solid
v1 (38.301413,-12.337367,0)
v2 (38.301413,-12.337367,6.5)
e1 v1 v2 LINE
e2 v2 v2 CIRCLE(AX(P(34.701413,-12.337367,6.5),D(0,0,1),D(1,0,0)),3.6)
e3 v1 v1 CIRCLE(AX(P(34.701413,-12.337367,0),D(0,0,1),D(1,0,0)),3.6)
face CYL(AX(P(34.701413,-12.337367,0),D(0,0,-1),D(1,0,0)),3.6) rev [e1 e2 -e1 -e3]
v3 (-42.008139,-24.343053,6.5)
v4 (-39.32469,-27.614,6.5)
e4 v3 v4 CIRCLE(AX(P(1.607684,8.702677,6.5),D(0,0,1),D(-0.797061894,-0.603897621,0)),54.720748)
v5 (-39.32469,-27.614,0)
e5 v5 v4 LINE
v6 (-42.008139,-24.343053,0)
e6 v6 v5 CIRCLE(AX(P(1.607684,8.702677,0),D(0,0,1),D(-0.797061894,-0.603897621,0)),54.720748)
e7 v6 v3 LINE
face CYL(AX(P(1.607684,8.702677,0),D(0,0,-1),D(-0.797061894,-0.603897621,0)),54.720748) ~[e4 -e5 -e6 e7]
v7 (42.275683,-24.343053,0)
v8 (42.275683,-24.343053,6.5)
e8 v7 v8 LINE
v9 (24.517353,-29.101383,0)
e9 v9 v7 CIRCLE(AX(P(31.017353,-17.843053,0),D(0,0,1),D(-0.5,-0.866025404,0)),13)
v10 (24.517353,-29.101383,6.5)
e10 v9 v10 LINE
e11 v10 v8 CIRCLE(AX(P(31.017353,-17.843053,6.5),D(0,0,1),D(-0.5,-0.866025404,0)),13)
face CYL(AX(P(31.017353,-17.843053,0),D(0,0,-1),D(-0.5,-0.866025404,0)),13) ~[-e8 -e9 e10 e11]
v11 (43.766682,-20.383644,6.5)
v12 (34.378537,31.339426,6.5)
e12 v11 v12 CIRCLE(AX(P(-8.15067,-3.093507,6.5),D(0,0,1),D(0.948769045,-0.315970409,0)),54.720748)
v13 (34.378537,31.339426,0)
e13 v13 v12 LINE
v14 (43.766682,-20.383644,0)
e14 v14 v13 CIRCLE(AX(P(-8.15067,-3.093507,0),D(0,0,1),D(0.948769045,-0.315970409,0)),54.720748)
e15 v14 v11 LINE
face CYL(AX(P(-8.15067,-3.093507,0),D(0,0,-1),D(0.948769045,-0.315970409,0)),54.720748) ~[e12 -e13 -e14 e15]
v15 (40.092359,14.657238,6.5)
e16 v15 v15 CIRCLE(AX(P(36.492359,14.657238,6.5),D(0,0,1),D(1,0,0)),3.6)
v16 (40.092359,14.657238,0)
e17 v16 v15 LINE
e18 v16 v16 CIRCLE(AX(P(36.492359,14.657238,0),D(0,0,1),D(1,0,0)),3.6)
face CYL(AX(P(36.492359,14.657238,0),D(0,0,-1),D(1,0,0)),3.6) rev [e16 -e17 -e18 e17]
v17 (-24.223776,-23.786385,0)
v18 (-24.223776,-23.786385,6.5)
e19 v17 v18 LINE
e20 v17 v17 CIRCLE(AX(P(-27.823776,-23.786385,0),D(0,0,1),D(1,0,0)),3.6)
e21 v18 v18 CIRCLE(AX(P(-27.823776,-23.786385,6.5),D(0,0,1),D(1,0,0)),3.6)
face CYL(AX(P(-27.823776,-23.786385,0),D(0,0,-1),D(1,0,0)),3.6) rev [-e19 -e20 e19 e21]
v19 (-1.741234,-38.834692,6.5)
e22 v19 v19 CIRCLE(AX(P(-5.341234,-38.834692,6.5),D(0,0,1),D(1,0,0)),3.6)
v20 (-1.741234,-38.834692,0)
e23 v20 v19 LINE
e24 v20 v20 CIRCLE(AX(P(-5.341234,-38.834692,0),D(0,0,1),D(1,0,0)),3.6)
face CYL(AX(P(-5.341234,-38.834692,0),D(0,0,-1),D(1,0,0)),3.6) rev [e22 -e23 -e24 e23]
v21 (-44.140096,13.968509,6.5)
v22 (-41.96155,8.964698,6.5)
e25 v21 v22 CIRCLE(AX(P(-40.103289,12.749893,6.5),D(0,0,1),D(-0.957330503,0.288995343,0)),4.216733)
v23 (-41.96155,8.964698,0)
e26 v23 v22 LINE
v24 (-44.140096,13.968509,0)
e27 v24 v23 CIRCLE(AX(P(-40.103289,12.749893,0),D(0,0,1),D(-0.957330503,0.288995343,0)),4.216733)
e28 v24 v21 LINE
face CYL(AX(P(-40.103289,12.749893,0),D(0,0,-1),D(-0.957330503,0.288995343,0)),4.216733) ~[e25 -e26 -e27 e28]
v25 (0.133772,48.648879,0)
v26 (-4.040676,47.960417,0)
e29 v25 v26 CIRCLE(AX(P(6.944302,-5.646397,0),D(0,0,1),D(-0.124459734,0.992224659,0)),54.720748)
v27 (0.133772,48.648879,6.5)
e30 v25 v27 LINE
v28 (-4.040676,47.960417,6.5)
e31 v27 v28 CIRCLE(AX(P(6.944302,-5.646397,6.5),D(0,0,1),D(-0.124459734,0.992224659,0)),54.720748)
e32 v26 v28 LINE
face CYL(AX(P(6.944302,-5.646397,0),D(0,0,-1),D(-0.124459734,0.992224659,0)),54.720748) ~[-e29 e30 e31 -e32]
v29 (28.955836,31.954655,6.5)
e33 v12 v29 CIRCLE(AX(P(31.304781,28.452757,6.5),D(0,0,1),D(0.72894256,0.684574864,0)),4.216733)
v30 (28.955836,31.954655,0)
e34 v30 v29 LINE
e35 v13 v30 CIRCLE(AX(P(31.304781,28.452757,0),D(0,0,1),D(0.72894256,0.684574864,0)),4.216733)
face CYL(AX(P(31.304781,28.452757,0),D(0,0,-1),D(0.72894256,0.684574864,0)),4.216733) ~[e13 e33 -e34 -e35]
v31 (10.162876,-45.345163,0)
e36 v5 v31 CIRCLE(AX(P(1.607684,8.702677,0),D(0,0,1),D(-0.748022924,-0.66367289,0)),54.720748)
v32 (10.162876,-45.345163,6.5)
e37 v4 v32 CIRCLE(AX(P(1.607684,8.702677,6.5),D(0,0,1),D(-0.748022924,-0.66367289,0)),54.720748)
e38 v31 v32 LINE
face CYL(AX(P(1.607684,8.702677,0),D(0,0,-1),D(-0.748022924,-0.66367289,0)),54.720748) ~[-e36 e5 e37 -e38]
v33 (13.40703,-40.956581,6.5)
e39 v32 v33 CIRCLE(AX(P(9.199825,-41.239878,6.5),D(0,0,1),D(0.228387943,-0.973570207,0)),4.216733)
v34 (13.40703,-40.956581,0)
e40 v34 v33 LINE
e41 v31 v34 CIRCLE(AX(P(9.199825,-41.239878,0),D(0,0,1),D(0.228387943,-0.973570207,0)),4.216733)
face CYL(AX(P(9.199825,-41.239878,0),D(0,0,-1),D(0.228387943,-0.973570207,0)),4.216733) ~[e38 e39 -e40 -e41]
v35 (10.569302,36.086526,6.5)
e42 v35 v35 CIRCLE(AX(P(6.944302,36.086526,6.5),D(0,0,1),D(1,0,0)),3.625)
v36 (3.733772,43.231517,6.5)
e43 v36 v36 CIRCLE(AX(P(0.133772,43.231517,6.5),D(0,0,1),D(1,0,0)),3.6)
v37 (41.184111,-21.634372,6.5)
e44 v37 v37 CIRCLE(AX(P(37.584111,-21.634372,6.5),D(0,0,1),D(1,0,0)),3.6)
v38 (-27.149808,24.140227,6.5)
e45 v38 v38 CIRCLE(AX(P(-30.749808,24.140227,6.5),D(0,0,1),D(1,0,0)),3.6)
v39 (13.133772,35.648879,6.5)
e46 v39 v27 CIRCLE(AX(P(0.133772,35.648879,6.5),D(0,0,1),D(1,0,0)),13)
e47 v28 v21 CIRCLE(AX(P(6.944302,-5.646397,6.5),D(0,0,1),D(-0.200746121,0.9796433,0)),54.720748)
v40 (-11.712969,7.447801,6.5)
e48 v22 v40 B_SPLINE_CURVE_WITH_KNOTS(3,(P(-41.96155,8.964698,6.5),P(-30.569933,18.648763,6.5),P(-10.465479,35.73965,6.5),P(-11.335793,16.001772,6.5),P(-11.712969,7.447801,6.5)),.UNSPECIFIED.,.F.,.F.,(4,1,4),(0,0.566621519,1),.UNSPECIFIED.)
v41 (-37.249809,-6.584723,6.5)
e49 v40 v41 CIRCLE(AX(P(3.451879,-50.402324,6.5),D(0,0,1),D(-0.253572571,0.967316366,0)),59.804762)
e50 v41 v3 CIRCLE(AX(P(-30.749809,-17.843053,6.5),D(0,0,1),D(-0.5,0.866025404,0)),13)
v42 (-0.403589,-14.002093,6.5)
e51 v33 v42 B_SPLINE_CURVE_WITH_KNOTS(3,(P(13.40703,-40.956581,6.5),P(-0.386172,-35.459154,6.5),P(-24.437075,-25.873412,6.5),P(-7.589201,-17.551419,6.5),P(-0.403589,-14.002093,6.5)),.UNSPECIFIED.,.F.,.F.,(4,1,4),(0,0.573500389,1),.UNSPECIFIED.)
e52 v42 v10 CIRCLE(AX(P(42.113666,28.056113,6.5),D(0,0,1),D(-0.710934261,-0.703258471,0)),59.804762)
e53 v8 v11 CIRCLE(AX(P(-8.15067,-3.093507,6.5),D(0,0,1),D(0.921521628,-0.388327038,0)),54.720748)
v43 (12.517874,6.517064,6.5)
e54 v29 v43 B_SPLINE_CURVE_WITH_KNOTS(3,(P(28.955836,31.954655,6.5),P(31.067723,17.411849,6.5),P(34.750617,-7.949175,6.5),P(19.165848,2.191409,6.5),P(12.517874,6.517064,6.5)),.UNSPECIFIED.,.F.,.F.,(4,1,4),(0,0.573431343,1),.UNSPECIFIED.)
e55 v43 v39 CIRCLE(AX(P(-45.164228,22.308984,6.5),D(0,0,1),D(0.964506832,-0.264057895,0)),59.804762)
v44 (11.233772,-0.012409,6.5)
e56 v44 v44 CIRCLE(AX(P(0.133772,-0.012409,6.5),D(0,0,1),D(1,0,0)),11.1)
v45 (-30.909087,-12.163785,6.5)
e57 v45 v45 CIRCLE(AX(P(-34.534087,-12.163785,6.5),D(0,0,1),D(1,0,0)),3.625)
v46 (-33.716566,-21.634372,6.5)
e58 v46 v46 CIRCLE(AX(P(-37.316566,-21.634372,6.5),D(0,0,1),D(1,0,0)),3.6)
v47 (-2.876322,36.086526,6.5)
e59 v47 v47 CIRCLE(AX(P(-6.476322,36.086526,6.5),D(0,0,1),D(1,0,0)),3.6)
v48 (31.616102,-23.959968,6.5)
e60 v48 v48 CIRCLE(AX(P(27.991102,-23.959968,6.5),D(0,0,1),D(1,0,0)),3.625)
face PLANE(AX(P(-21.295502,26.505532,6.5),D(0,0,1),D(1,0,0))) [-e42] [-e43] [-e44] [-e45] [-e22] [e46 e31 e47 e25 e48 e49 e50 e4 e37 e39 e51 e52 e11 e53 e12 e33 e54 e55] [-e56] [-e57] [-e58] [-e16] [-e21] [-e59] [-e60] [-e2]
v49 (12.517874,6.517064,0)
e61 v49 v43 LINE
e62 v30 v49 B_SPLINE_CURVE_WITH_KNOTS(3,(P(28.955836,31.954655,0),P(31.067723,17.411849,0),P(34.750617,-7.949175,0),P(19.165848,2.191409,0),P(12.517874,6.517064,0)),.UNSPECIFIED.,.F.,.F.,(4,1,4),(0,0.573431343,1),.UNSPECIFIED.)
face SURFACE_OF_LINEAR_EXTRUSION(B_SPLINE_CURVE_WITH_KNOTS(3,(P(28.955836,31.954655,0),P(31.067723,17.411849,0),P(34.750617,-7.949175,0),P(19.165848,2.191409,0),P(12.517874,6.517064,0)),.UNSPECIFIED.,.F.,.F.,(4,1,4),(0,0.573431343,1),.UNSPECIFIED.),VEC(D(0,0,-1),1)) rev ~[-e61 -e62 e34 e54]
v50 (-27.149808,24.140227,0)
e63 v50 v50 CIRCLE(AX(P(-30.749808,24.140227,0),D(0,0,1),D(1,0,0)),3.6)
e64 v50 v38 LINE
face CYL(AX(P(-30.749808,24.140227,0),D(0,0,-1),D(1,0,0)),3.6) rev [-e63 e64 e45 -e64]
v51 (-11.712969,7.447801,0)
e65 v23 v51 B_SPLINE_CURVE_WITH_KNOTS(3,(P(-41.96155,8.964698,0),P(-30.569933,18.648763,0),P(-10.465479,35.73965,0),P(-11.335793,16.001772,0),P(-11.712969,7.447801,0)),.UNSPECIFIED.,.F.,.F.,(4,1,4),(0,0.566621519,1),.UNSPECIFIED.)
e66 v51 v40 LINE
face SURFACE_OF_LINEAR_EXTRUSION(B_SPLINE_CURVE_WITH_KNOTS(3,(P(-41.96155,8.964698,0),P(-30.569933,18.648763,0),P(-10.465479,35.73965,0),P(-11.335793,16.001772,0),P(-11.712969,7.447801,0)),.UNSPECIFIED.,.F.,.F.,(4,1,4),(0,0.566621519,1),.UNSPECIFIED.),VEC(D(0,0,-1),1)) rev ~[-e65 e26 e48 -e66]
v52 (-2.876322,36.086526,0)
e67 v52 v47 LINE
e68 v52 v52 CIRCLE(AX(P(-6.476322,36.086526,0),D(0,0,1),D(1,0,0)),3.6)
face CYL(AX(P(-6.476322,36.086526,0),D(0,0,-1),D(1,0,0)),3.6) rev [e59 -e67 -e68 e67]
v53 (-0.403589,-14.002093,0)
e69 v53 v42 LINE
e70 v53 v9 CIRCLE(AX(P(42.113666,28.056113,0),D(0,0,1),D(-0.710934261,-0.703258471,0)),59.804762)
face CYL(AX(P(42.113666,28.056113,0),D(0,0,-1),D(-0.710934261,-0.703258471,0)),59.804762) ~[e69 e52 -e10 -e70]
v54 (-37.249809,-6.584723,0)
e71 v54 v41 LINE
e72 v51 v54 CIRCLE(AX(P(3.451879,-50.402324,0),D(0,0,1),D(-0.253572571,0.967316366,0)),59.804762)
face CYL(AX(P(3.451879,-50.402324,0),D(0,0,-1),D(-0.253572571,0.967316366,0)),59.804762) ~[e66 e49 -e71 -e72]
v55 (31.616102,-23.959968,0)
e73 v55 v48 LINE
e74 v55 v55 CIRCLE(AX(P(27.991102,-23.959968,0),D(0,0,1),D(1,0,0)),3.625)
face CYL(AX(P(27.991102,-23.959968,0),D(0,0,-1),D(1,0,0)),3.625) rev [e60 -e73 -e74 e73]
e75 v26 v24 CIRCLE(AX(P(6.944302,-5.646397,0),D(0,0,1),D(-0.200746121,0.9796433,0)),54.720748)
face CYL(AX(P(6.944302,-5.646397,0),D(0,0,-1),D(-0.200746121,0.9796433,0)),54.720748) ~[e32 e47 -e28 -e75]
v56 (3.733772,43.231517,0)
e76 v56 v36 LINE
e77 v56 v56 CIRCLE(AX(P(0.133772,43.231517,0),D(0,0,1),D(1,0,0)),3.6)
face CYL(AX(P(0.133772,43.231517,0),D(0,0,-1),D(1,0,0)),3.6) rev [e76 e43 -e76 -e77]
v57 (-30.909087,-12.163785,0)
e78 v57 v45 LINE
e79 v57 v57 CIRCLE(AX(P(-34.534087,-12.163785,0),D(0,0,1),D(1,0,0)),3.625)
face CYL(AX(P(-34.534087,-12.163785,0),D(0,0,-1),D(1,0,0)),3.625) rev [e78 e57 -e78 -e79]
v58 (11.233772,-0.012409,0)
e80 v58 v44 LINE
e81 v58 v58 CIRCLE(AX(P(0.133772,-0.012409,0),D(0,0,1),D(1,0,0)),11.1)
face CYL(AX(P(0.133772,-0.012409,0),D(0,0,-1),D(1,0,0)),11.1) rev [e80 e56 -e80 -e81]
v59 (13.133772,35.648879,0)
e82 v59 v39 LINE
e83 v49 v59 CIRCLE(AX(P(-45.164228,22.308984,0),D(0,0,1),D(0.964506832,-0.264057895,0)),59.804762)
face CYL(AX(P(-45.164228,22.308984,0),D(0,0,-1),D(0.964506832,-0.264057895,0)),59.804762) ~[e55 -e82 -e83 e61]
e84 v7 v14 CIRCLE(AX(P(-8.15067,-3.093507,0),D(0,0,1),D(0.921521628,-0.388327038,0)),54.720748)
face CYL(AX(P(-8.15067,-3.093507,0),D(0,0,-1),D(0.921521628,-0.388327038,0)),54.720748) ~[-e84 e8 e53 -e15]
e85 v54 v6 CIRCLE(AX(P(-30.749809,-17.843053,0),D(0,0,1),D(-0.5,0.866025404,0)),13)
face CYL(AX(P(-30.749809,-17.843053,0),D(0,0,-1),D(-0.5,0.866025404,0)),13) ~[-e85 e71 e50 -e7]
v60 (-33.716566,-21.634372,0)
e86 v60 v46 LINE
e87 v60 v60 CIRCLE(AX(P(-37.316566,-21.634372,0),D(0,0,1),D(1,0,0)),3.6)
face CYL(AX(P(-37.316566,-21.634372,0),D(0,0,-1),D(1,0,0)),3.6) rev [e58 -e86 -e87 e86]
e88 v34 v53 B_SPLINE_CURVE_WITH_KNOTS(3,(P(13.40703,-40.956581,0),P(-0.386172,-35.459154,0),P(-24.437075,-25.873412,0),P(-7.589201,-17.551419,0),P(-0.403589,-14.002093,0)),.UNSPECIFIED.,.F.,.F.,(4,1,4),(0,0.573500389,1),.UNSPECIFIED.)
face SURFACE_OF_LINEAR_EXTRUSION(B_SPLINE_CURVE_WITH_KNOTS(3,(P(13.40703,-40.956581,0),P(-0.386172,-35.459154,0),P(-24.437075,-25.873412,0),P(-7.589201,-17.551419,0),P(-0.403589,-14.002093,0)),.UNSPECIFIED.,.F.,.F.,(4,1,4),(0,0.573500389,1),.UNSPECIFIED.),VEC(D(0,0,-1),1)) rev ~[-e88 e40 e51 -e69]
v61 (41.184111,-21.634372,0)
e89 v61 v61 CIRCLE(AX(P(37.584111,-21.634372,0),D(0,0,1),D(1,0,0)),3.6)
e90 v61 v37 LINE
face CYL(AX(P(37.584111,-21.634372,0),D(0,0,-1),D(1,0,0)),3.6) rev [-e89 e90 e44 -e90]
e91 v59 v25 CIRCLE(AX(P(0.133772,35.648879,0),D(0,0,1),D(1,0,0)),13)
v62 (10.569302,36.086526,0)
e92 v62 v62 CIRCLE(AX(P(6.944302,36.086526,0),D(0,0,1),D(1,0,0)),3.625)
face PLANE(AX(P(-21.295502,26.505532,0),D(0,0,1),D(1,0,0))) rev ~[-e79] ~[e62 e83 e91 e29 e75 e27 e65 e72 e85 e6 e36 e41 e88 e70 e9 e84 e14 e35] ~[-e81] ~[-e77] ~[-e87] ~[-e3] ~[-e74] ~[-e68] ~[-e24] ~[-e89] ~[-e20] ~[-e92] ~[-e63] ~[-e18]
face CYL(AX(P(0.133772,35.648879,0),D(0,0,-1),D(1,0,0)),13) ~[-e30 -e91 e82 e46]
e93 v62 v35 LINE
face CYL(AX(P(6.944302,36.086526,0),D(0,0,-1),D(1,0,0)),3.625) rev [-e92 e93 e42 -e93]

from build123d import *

# Parameters (mm, degrees)
F0_R     = 3.6
F0_R_2   = 3.625
F0_R_3   = 11.1
F1_DEPTH = 6.5


with BuildPart() as f1:
    # F0 (on Top) → F1 (new body)
    with BuildSketch(Plane.XY):
        with BuildLine():
            add(Edge.make_bspline(
                [(-41.9615497958, 8.9646982505), (-30.569933299, 18.648762587), (-10.4654788804, 35.7396495649), (-11.3357932008, 16.00177224), (-11.7129686992, 7.4478009422)],
                knots=[0, 0, 0, 0, 0.5666215188, 1, 1, 1, 1], degree=3))
            ThreePointArc((-11.7129686992, 7.4478009422), (-9.5564167843, 17.8339532115), (-10.6477440022, 28.385345538))
            ThreePointArc((-10.6477440022, 28.385345538), (-12.0864234677, 31.2141495186), (-12.7968132244, 34.3072510298))
            ThreePointArc((-12.7968132244, 34.3072510298), (-10.809160747, 42.6668712415), (-4.0406760994, 47.9604171261))
            ThreePointArc((-4.0406760994, 47.9604171261), (-28.4395123023, 36.0950208303), (-44.1400961488, 13.9685094878))
            ThreePointArc((-44.1400961488, 13.9685094878), (-43.969487255, 11.0666381974), (-41.9615497958, 8.9646982505))
        make_face()
        with Locations((-30.7498083919, 24.1402272244)):
            Circle(F0_R, mode=Mode.SUBTRACT)
        with BuildLine():
            ThreePointArc((-12.7968132244, 34.3072510298), (-12.0864234677, 31.2141495186), (-10.6477440022, 28.385345538))
            ThreePointArc((-10.6477440022, 28.385345538), (-11.5872203484, 31.3953111499), (-12.7968132244, 34.3072510298))
        make_face()
        with BuildLine():
            ThreePointArc((10.1354725507, 9.7838140319), (11.2789155437, 8.1156101199), (12.5178738246, 6.5170643594))
            ThreePointArc((12.5178738246, 6.5170643594), (11.4452241776, 8.2368970077), (10.1354725507, 9.7838140319))
        make_face()
        with BuildLine():
            ThreePointArc((36.3207621947, -5.9740237918), (33.2868628312, -5.0426886121), (30.1177069889, -4.8742195868))
            ThreePointArc((30.1177069889, -4.8742195868), (33.1941518464, -5.5655920107), (36.3207621947, -5.9740237918))
        make_face()
        with BuildLine():
            ThreePointArc((-13.3508562664, 3.7512060808), (-12.4778707964, 5.5755587165), (-11.7129686992, 7.4478009422))
            ThreePointArc((-11.7129686992, 7.4478009422), (-12.6660626394, 5.6589427744), (-13.3508562664, 3.7512060808))
        make_face()
        with BuildLine():
            ThreePointArc((12.5178738246, 6.5170643594), (13.7237945853, 3.3508166981), (14.1337720544, -0.0124090761))
            ThreePointArc((14.1337720544, -0.0124090761), (11.1963438517, -8.5925900316), (3.6166998789, -13.572247341))
            ThreePointArc((3.6166998789, -13.572247341), (1.622154625, -13.9330670104), (-0.4035889622, -14.0020925299))
            ThreePointArc((-0.4035889622, -14.0020925299), (11.1232254291, -23.092711045), (24.5173530526, -29.1013831282))
            ThreePointArc((24.5173530526, -29.1013831282), (18.3513531402, -14.9151788691), (30.1177069889, -4.8742195868))
            ThreePointArc((30.1177069889, -4.8742195868), (20.43426958, -0.5436405181), (12.5178738246, 6.5170643594))
        make_face()
        with BuildLine():
            ThreePointArc((-0.4035889622, -14.0020925299), (1.622154625, -13.9330670104), (3.6166998789, -13.572247341))
            ThreePointArc((3.6166998789, -13.572247341), (1.6002714159, -13.7283960646), (-0.4035889622, -14.0020925299))
        make_face()
        with BuildLine():
            ThreePointArc((-23.1226328071, -28.3704544662), (-20.7991232003, -26.2086881348), (-19.0686468235, -23.5483531795))
            ThreePointArc((-19.0686468235, -23.5483531795), (-21.2056153348, -25.8669463675), (-23.1226328071, -28.3704544662))
        make_face()
        with BuildLine():
            ThreePointArc((-23.1226328071, -28.3704544662), (-21.2056153348, -25.8669463675), (-19.0686468235, -23.5483531795))
            ThreePointArc((-19.0686468235, -23.5483531795), (-18.0838090314, -20.7709268889), (-17.7498089439, -17.843052879))
            ThreePointArc((-17.7498089439, -17.843052879), (-24.2498089439, -6.5847226298), (-37.2498089439, -6.5847226298))
            ThreePointArc((-37.2498089439, -6.5847226298), (-43.3068446856, -14.4784052926), (-42.0081391931, -24.343052879))
            ThreePointArc((-42.0081391931, -24.343052879), (-40.6980388825, -26.0044707959), (-39.3246900511, -27.6140003252))
            ThreePointArc((-39.3246900511, -27.6140003252), (-31.3561025152, -30.8289070328), (-23.1226328071, -28.3704544662))
        make_face()
        with Locations((-27.8237756349, -23.7863854433)):
            Circle(F0_R, mode=Mode.SUBTRACT)
        with Locations((-37.316566437, -21.6343720853)):
            Circle(F0_R, mode=Mode.SUBTRACT)
        with Locations((-34.5340873465, -12.1637846242)):
            Circle(F0_R_2, mode=Mode.SUBTRACT)
        with BuildLine():
            ThreePointArc((-19.0686468235, -23.5483531795), (-10.4765366325, -17.3275399217), (-0.4035889622, -14.0020925299))
            ThreePointArc((-0.4035889622, -14.0020925299), (-11.1776800688, -8.2617151599), (-13.3508562664, 3.7512060808))
            ThreePointArc((-13.3508562664, 3.7512060808), (-12.6660626394, 5.6589427744), (-11.7129686992, 7.4478009422))
            ThreePointArc((-11.7129686992, 7.4478009422), (-25.349082465, 2.0105961121), (-37.2498089439, -6.5847226298))
            ThreePointArc((-37.2498089439, -6.5847226298), (-24.2498089439, -6.5847226298), (-17.7498089439, -17.843052879))
            ThreePointArc((-17.7498089439, -17.843052879), (-18.0838090314, -20.7709268889), (-19.0686468235, -23.5483531795))
        make_face()
        with BuildLine():
            ThreePointArc((3.6166998789, -13.572247341), (11.1963438517, -8.5925900316), (14.1337720544, -0.0124090761))
            ThreePointArc((14.1337720544, -0.0124090761), (13.7237945853, 3.3508166981), (12.5178738246, 6.5170643594))
            ThreePointArc((12.5178738246, 6.5170643594), (11.2789155437, 8.1156101199), (10.1354725507, 9.7838140319))
            ThreePointArc((10.1354725507, 9.7838140319), (-1.3546105162, 13.9082488582), (-11.7129686992, 7.4478009422))
            ThreePointArc((-11.7129686992, 7.4478009422), (-12.4778707964, 5.5755587165), (-13.3508562664, 3.7512060808))
            ThreePointArc((-13.3508562664, 3.7512060808), (-11.1776800688, -8.2617151599), (-0.4035889622, -14.0020925299))
            ThreePointArc((-0.4035889622, -14.0020925299), (1.6002714159, -13.7283960646), (3.6166998789, -13.572247341))
        make_face()
        with Locations((0.1337720544, -0.0124090761)):
            Circle(F0_R_3, mode=Mode.SUBTRACT)
        with BuildLine():
            ThreePointArc((10.1354725507, 9.7838140319), (11.4452241776, 8.2368970077), (12.5178738246, 6.5170643594))
            ThreePointArc((12.5178738246, 6.5170643594), (14.6271731991, 21.0448877045), (13.1337720544, 35.6488785297))
            ThreePointArc((13.1337720544, 35.6488785297), (3.931158739, 23.2158638362), (-10.6477440022, 28.385345538))
            ThreePointArc((-10.6477440022, 28.385345538), (-9.5564167843, 17.8339532115), (-11.7129686992, 7.4478009422))
            ThreePointArc((-11.7129686992, 7.4478009422), (-1.3546105162, 13.9082488582), (10.1354725507, 9.7838140319))
        make_face()
        with BuildLine():
            ThreePointArc((-10.6477440022, 28.385345538), (3.931158739, 23.2158638362), (13.1337720544, 35.6488785297))
            ThreePointArc((13.1337720544, 35.6488785297), (9.3261602098, 44.8412666851), (0.1337720544, 48.6488785297))
            ThreePointArc((0.1337720544, 48.6488785297), (-1.9601082232, 48.3450073376), (-4.0406760994, 47.9604171261))
            ThreePointArc((-4.0406760994, 47.9604171261), (-10.809160747, 42.6668712415), (-12.7968132244, 34.3072510298))
            ThreePointArc((-12.7968132244, 34.3072510298), (-11.5872203484, 31.3953111499), (-10.6477440022, 28.385345538))
        make_face()
        with Locations((-6.4763215839, 36.0865256339)):
            Circle(F0_R, mode=Mode.SUBTRACT)
        with Locations((0.1337720544, 43.2315169424)):
            Circle(F0_R, mode=Mode.SUBTRACT)
        with Locations((6.9443018392, 36.0865256339)):
            Circle(F0_R_2, mode=Mode.SUBTRACT)
        with BuildLine():
            add(Edge.make_bspline(
                [(28.9558359768, 31.9546553634), (31.0677227866, 17.411849131), (34.7506167144, -7.9491751987), (19.1658477828, 2.1914089811), (12.5178738246, 6.5170643594)],
                knots=[0, 0, 0, 0, 0.5734313427, 1, 1, 1, 1], degree=3))
            ThreePointArc((12.5178738246, 6.5170643594), (20.43426958, -0.5436405181), (30.1177069889, -4.8742195868))
            ThreePointArc((30.1177069889, -4.8742195868), (33.2868628312, -5.0426886121), (36.3207621947, -5.9740237918))
            ThreePointArc((36.3207621947, -5.9740237918), (41.9247890219, -10.770016715), (44.0173530526, -17.843052879))
            ThreePointArc((44.0173530526, -17.843052879), (43.9545335877, -19.1195166673), (43.7666823137, -20.3836440292))
            ThreePointArc((43.7666823137, -20.3836440292), (45.6903657971, 6.6790660932), (34.3785368006, 31.3394262297))
            ThreePointArc((34.3785368006, 31.3394262297), (31.7801380977, 32.6426102387), (28.9558359768, 31.9546553634))
        make_face()
        with Locations((36.4923588821, 14.657238)):
            Circle(F0_R, mode=Mode.SUBTRACT)
        with BuildLine():
            ThreePointArc((36.3207621947, -5.9740237918), (33.1941518464, -5.5655920107), (30.1177069889, -4.8742195868))
            ThreePointArc((30.1177069889, -4.8742195868), (18.3513531402, -14.9151788691), (24.5173530526, -29.1013831282))
            ThreePointArc((24.5173530526, -29.1013831282), (34.382000639, -30.4000886207), (42.2756833018, -24.343052879))
            ThreePointArc((42.2756833018, -24.343052879), (43.0594632689, -22.3777637701), (43.7666823137, -20.3836440292))
            ThreePointArc((43.7666823137, -20.3836440292), (43.9545335877, -19.1195166673), (44.0173530526, -17.843052879))
            ThreePointArc((44.0173530526, -17.843052879), (41.9247890219, -10.770016715), (36.3207621947, -5.9740237918))
        make_face()
        with Locations((27.9911016704, -23.959968238)):
            Circle(F0_R_2, mode=Mode.SUBTRACT)
        with Locations((34.701413382, -12.3373674189)):
            Circle(F0_R, mode=Mode.SUBTRACT)
        with Locations((37.5841105458, -21.6343720853)):
            Circle(F0_R, mode=Mode.SUBTRACT)
        with BuildLine():
            add(Edge.make_bspline(
                [(13.4070299822, -40.9565808422), (-0.38617217, -35.4591540627), (-24.4370750547, -25.8734120334), (-7.5892007885, -17.5514192272), (-0.4035889622, -14.0020925299)],
                knots=[0, 0, 0, 0, 0.5735003887, 1, 1, 1, 1], degree=3))
            ThreePointArc((-0.4035889622, -14.0020925299), (-10.4765366325, -17.3275399217), (-19.0686468235, -23.5483531795))
            ThreePointArc((-19.0686468235, -23.5483531795), (-20.7991232003, -26.2086881348), (-23.1226328071, -28.3704544662))
            ThreePointArc((-23.1226328071, -28.3704544662), (-31.3561025152, -30.8289070328), (-39.3246900511, -27.6140003252))
            ThreePointArc((-39.3246900511, -27.6140003252), (-16.8495373316, -42.8113141518), (10.1628755114, -45.3451629458))
            ThreePointArc((10.1628755114, -45.3451629458), (12.5906653205, -43.7464756645), (13.4070299822, -40.9565808422))
        make_face()
        with Locations((-5.3412343271, -38.8346924526)):
            Circle(F0_R, mode=Mode.SUBTRACT)
    extrude(amount=F1_DEPTH)


solid = f1.part
